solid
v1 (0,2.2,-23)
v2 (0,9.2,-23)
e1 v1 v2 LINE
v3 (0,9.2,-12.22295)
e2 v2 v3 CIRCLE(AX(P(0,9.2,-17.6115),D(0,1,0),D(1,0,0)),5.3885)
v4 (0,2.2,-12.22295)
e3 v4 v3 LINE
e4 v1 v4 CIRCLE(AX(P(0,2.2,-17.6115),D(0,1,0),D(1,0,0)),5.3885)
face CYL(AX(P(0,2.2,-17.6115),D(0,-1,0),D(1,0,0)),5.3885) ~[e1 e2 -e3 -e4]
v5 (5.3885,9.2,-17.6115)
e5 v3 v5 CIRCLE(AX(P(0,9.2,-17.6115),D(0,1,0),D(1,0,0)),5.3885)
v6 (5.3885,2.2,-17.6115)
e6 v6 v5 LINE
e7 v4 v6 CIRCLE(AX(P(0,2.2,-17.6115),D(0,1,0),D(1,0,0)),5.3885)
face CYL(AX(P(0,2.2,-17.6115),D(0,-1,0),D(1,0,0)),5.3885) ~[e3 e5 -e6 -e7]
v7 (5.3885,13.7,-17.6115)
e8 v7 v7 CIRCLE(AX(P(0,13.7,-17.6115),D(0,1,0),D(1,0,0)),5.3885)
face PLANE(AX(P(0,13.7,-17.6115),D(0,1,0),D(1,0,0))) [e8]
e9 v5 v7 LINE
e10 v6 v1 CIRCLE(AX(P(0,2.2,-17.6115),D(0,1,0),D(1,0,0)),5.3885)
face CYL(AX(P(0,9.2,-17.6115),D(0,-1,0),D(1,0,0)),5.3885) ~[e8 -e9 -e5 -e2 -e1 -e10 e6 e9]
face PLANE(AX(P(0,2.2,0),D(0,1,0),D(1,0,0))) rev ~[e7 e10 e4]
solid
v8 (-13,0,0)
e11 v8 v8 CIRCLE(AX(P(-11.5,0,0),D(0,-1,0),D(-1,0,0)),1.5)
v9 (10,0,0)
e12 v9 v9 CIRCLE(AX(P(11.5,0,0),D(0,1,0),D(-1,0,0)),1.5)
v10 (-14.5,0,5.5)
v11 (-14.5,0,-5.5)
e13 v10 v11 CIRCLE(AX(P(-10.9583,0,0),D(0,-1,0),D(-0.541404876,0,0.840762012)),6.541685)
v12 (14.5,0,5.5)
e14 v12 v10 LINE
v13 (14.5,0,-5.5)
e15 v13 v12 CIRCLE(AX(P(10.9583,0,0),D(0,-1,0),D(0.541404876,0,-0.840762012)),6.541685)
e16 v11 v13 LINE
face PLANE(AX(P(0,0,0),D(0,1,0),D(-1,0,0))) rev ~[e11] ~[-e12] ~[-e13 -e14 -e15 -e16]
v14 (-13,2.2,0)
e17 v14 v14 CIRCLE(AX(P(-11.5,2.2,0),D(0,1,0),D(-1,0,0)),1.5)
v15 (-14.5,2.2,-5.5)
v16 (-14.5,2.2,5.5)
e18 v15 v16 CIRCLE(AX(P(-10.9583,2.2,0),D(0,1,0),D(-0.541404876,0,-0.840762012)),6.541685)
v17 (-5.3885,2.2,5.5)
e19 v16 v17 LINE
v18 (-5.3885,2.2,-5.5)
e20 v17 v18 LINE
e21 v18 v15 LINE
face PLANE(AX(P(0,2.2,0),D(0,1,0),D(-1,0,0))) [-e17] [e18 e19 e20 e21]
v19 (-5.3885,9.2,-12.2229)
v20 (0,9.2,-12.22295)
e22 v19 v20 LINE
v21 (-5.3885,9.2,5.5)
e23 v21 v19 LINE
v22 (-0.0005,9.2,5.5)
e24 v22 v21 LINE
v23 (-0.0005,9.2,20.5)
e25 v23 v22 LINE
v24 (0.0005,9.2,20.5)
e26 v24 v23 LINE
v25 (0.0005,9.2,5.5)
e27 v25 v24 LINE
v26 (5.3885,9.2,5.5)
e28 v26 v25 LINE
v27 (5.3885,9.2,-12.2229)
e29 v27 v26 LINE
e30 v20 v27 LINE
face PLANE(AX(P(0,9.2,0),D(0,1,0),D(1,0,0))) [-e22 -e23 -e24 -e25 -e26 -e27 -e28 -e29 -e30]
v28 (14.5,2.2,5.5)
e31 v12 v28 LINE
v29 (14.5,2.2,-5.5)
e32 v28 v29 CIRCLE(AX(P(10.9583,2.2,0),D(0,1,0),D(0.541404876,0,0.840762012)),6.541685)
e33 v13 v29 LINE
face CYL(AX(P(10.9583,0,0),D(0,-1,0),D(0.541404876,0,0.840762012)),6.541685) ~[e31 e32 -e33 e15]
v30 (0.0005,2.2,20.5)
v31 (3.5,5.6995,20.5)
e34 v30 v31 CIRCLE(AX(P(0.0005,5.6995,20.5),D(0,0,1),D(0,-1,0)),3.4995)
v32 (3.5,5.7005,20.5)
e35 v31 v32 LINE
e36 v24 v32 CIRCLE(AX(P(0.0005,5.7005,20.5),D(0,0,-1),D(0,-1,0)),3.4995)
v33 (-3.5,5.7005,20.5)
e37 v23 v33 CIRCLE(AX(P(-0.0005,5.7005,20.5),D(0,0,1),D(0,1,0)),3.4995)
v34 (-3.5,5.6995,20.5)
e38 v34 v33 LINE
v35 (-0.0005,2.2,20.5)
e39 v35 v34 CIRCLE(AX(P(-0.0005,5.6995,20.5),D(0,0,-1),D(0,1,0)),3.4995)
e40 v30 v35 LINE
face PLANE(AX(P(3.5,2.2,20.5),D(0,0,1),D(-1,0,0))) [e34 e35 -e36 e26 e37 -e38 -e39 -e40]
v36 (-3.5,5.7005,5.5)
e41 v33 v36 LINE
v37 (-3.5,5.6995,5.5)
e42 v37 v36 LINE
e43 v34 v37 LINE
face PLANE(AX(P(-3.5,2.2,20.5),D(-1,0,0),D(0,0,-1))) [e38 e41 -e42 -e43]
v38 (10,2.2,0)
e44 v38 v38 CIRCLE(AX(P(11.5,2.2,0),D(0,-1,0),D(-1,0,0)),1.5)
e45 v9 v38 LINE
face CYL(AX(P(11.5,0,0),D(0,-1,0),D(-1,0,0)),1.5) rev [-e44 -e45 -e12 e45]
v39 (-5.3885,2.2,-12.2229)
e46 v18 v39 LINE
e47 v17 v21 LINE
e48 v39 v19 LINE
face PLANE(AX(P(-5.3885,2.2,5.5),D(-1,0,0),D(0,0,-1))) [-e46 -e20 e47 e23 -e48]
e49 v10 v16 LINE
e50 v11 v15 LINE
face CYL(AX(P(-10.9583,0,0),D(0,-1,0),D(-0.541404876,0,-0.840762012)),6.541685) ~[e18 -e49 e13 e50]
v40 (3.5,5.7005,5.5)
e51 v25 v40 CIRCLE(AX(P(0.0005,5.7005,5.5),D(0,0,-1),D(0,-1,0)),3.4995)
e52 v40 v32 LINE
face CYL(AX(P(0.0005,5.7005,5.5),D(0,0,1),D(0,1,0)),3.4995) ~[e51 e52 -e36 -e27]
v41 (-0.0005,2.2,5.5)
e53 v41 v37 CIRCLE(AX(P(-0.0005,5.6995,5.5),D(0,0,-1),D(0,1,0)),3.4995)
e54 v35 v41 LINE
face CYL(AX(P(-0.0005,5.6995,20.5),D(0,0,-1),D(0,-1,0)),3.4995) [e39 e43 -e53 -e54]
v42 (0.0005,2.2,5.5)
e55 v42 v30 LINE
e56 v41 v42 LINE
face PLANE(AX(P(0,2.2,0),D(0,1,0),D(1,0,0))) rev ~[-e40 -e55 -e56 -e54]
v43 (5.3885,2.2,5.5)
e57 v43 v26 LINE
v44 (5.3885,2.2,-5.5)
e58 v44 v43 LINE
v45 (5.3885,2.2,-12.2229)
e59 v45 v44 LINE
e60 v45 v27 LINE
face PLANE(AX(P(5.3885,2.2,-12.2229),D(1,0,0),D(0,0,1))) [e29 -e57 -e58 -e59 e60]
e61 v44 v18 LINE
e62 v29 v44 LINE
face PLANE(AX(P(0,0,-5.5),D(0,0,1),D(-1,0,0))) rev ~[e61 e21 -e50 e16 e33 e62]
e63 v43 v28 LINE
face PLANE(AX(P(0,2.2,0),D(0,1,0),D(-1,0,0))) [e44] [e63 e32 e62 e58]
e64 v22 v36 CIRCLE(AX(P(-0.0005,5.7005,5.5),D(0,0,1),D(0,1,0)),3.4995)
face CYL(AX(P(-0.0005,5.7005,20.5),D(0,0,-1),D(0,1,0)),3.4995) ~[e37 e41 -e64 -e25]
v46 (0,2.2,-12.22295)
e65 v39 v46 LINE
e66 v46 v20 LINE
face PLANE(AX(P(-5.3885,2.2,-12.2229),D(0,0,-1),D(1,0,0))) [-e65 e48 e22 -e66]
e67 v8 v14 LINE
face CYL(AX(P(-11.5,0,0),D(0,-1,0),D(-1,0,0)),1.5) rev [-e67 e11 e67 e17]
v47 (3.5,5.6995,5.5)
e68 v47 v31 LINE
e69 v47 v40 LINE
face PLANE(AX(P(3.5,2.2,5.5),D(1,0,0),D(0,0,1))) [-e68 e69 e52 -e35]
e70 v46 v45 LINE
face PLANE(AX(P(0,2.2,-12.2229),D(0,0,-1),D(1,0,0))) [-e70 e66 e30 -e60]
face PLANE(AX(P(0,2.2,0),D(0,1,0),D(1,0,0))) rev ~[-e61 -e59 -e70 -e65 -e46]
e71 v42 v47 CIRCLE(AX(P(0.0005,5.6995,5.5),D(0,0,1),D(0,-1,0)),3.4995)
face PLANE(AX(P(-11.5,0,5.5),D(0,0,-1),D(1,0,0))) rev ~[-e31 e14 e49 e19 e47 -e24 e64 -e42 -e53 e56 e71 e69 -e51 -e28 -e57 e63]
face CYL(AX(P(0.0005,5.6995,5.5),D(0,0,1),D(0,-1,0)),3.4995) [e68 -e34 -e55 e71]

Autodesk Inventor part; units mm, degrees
ref_plane "YZ Plane" through (0, 0, 0) normal (1, 0, 0) x (0, 1, 0)
ref_plane "XZ Plane" through (0, 0, 0) normal (0, 1, 0) x (-1, 0, 0)
ref_plane "XY Plane" through (0, 0, 0) normal (0, 0, 1) x (1, 0, 0)
sketch "Boceto1" plane through (0, 0, 0) normal (0, 1, 0) x (-1, 0, 0)
  line L0 (11.5, 5.5) -> (-11.5, 5.5)
  line L1 (-11.5, 5.5) -> (-11.5, -5.5)
  line L2 (-11.5, -5.5) -> (11.5, -5.5)
  line L3 (11.5, -5.5) -> (11.5, 5.5)
  line L4 (0, 0) -> (0, -30.7966)
  line L5 (0, 0) -> (-20.4633, 0)
  circle A0 centre (11.5, 0) radius 1.5
  circle A1 centre (-11.5, 0) radius 1.5
  line L6 (11.5, 5.5) -> (17.5, 5.5)
  line L7 (17.5, 5.5) -> (17.5, -5.5)
  line L8 (17.5, -5.5) -> (11.5, -5.5)
  line L9 (-11.5, -5.5) -> (-17.5, -5.5)
  line L10 (-17.5, -5.5) -> (-17.5, 5.5)
  line L11 (-17.5, 5.5) -> (-11.5, 5.5)
  arc A2 (14.5, -5.5) -> (14.5, 5.5) centre (10.9583, 0) ccw
  arc A3 (-14.5, 5.5) -> (-14.5, -5.5) centre (-10.9583, 0) ccw
  point P0 (0, -5.5)
  dimension "d0" = 23
  dimension "d1" = 11
  dimension "d2" = 3
  dimension "d3" = 3
  dimension "d4" = 35
extrude "Extrusión1" add sketch "Boceto1" along normal blind 2.2 contours L3 A0 L2 L4 L5 A1 L1 L0 | L6 A2 L8 L3 A0 | L1 A1 L5 A3 L11 | L5 L4 L2 L1 A1 | A1 L1 L9 A3 L5
sketch "Boceto2" plane through (0, 2.2, 0) normal (0, 1, 0) x (1, 0, 0)
  line L0 (-5.3885, 12.2229) -> (5.3885, 12.2229)
  line L1 (5.3885, 12.2229) -> (5.3885, -5.5)
  line L2 (5.3885, -5.5) -> (-5.3885, -5.5)
  line L3 (-5.3885, -5.5) -> (-5.3885, 12.2229)
  line L4 (-14.5, -5.5) -> (14.5, -5.5) projected
  line L5 (-3.5, -5.5) -> (3.5, -5.5)
  line L6 (3.5, -5.5) -> (3.5, -20.5)
  line L7 (3.5, -20.5) -> (-3.5, -20.5)
  line L8 (-3.5, -20.5) -> (-3.5, -5.5)
  circle A0 centre (0, 17.6115) radius 5.3885
  line L9 (-5.3885, 12.2229) -> (-5.3885, 43.935) construction
  line L10 (5.3885, 12.2229) -> (5.3885, 43.935) construction
  line L11 (0, 23) -> (-9.6882, 23)
  point P0 (0, 0)
  point P1 (0, -5.5)
  point P2 (0, -5.5)
  point P3 (0, 12.2229)
  dimension "d7" = 7
  dimension "d8" = 20.5
  dimension "d9" = 43.5
extrude "Extrusión2" add sketch "Boceto2" along normal blind 7
fillet "Empalme1" radius 3.5 4 edges at (3.5, 9.2, 13) (-3.5, 9.2, 13) (3.5, 2.2, 13) (-3.5, 2.2, 13)
sketch "Boceto3" plane through (0, 9.2, -17.6115) normal (0, 1, 0) x (1, 0, 0)
  circle A0 centre (0, 0) radius 5.3885 projected
  point P0 (0, -17.6115)
  point P1 (0, -5.3885)
extrude "Extrusión3" add sketch "Boceto3" along normal blind 4.5
properties part number "Latch"
